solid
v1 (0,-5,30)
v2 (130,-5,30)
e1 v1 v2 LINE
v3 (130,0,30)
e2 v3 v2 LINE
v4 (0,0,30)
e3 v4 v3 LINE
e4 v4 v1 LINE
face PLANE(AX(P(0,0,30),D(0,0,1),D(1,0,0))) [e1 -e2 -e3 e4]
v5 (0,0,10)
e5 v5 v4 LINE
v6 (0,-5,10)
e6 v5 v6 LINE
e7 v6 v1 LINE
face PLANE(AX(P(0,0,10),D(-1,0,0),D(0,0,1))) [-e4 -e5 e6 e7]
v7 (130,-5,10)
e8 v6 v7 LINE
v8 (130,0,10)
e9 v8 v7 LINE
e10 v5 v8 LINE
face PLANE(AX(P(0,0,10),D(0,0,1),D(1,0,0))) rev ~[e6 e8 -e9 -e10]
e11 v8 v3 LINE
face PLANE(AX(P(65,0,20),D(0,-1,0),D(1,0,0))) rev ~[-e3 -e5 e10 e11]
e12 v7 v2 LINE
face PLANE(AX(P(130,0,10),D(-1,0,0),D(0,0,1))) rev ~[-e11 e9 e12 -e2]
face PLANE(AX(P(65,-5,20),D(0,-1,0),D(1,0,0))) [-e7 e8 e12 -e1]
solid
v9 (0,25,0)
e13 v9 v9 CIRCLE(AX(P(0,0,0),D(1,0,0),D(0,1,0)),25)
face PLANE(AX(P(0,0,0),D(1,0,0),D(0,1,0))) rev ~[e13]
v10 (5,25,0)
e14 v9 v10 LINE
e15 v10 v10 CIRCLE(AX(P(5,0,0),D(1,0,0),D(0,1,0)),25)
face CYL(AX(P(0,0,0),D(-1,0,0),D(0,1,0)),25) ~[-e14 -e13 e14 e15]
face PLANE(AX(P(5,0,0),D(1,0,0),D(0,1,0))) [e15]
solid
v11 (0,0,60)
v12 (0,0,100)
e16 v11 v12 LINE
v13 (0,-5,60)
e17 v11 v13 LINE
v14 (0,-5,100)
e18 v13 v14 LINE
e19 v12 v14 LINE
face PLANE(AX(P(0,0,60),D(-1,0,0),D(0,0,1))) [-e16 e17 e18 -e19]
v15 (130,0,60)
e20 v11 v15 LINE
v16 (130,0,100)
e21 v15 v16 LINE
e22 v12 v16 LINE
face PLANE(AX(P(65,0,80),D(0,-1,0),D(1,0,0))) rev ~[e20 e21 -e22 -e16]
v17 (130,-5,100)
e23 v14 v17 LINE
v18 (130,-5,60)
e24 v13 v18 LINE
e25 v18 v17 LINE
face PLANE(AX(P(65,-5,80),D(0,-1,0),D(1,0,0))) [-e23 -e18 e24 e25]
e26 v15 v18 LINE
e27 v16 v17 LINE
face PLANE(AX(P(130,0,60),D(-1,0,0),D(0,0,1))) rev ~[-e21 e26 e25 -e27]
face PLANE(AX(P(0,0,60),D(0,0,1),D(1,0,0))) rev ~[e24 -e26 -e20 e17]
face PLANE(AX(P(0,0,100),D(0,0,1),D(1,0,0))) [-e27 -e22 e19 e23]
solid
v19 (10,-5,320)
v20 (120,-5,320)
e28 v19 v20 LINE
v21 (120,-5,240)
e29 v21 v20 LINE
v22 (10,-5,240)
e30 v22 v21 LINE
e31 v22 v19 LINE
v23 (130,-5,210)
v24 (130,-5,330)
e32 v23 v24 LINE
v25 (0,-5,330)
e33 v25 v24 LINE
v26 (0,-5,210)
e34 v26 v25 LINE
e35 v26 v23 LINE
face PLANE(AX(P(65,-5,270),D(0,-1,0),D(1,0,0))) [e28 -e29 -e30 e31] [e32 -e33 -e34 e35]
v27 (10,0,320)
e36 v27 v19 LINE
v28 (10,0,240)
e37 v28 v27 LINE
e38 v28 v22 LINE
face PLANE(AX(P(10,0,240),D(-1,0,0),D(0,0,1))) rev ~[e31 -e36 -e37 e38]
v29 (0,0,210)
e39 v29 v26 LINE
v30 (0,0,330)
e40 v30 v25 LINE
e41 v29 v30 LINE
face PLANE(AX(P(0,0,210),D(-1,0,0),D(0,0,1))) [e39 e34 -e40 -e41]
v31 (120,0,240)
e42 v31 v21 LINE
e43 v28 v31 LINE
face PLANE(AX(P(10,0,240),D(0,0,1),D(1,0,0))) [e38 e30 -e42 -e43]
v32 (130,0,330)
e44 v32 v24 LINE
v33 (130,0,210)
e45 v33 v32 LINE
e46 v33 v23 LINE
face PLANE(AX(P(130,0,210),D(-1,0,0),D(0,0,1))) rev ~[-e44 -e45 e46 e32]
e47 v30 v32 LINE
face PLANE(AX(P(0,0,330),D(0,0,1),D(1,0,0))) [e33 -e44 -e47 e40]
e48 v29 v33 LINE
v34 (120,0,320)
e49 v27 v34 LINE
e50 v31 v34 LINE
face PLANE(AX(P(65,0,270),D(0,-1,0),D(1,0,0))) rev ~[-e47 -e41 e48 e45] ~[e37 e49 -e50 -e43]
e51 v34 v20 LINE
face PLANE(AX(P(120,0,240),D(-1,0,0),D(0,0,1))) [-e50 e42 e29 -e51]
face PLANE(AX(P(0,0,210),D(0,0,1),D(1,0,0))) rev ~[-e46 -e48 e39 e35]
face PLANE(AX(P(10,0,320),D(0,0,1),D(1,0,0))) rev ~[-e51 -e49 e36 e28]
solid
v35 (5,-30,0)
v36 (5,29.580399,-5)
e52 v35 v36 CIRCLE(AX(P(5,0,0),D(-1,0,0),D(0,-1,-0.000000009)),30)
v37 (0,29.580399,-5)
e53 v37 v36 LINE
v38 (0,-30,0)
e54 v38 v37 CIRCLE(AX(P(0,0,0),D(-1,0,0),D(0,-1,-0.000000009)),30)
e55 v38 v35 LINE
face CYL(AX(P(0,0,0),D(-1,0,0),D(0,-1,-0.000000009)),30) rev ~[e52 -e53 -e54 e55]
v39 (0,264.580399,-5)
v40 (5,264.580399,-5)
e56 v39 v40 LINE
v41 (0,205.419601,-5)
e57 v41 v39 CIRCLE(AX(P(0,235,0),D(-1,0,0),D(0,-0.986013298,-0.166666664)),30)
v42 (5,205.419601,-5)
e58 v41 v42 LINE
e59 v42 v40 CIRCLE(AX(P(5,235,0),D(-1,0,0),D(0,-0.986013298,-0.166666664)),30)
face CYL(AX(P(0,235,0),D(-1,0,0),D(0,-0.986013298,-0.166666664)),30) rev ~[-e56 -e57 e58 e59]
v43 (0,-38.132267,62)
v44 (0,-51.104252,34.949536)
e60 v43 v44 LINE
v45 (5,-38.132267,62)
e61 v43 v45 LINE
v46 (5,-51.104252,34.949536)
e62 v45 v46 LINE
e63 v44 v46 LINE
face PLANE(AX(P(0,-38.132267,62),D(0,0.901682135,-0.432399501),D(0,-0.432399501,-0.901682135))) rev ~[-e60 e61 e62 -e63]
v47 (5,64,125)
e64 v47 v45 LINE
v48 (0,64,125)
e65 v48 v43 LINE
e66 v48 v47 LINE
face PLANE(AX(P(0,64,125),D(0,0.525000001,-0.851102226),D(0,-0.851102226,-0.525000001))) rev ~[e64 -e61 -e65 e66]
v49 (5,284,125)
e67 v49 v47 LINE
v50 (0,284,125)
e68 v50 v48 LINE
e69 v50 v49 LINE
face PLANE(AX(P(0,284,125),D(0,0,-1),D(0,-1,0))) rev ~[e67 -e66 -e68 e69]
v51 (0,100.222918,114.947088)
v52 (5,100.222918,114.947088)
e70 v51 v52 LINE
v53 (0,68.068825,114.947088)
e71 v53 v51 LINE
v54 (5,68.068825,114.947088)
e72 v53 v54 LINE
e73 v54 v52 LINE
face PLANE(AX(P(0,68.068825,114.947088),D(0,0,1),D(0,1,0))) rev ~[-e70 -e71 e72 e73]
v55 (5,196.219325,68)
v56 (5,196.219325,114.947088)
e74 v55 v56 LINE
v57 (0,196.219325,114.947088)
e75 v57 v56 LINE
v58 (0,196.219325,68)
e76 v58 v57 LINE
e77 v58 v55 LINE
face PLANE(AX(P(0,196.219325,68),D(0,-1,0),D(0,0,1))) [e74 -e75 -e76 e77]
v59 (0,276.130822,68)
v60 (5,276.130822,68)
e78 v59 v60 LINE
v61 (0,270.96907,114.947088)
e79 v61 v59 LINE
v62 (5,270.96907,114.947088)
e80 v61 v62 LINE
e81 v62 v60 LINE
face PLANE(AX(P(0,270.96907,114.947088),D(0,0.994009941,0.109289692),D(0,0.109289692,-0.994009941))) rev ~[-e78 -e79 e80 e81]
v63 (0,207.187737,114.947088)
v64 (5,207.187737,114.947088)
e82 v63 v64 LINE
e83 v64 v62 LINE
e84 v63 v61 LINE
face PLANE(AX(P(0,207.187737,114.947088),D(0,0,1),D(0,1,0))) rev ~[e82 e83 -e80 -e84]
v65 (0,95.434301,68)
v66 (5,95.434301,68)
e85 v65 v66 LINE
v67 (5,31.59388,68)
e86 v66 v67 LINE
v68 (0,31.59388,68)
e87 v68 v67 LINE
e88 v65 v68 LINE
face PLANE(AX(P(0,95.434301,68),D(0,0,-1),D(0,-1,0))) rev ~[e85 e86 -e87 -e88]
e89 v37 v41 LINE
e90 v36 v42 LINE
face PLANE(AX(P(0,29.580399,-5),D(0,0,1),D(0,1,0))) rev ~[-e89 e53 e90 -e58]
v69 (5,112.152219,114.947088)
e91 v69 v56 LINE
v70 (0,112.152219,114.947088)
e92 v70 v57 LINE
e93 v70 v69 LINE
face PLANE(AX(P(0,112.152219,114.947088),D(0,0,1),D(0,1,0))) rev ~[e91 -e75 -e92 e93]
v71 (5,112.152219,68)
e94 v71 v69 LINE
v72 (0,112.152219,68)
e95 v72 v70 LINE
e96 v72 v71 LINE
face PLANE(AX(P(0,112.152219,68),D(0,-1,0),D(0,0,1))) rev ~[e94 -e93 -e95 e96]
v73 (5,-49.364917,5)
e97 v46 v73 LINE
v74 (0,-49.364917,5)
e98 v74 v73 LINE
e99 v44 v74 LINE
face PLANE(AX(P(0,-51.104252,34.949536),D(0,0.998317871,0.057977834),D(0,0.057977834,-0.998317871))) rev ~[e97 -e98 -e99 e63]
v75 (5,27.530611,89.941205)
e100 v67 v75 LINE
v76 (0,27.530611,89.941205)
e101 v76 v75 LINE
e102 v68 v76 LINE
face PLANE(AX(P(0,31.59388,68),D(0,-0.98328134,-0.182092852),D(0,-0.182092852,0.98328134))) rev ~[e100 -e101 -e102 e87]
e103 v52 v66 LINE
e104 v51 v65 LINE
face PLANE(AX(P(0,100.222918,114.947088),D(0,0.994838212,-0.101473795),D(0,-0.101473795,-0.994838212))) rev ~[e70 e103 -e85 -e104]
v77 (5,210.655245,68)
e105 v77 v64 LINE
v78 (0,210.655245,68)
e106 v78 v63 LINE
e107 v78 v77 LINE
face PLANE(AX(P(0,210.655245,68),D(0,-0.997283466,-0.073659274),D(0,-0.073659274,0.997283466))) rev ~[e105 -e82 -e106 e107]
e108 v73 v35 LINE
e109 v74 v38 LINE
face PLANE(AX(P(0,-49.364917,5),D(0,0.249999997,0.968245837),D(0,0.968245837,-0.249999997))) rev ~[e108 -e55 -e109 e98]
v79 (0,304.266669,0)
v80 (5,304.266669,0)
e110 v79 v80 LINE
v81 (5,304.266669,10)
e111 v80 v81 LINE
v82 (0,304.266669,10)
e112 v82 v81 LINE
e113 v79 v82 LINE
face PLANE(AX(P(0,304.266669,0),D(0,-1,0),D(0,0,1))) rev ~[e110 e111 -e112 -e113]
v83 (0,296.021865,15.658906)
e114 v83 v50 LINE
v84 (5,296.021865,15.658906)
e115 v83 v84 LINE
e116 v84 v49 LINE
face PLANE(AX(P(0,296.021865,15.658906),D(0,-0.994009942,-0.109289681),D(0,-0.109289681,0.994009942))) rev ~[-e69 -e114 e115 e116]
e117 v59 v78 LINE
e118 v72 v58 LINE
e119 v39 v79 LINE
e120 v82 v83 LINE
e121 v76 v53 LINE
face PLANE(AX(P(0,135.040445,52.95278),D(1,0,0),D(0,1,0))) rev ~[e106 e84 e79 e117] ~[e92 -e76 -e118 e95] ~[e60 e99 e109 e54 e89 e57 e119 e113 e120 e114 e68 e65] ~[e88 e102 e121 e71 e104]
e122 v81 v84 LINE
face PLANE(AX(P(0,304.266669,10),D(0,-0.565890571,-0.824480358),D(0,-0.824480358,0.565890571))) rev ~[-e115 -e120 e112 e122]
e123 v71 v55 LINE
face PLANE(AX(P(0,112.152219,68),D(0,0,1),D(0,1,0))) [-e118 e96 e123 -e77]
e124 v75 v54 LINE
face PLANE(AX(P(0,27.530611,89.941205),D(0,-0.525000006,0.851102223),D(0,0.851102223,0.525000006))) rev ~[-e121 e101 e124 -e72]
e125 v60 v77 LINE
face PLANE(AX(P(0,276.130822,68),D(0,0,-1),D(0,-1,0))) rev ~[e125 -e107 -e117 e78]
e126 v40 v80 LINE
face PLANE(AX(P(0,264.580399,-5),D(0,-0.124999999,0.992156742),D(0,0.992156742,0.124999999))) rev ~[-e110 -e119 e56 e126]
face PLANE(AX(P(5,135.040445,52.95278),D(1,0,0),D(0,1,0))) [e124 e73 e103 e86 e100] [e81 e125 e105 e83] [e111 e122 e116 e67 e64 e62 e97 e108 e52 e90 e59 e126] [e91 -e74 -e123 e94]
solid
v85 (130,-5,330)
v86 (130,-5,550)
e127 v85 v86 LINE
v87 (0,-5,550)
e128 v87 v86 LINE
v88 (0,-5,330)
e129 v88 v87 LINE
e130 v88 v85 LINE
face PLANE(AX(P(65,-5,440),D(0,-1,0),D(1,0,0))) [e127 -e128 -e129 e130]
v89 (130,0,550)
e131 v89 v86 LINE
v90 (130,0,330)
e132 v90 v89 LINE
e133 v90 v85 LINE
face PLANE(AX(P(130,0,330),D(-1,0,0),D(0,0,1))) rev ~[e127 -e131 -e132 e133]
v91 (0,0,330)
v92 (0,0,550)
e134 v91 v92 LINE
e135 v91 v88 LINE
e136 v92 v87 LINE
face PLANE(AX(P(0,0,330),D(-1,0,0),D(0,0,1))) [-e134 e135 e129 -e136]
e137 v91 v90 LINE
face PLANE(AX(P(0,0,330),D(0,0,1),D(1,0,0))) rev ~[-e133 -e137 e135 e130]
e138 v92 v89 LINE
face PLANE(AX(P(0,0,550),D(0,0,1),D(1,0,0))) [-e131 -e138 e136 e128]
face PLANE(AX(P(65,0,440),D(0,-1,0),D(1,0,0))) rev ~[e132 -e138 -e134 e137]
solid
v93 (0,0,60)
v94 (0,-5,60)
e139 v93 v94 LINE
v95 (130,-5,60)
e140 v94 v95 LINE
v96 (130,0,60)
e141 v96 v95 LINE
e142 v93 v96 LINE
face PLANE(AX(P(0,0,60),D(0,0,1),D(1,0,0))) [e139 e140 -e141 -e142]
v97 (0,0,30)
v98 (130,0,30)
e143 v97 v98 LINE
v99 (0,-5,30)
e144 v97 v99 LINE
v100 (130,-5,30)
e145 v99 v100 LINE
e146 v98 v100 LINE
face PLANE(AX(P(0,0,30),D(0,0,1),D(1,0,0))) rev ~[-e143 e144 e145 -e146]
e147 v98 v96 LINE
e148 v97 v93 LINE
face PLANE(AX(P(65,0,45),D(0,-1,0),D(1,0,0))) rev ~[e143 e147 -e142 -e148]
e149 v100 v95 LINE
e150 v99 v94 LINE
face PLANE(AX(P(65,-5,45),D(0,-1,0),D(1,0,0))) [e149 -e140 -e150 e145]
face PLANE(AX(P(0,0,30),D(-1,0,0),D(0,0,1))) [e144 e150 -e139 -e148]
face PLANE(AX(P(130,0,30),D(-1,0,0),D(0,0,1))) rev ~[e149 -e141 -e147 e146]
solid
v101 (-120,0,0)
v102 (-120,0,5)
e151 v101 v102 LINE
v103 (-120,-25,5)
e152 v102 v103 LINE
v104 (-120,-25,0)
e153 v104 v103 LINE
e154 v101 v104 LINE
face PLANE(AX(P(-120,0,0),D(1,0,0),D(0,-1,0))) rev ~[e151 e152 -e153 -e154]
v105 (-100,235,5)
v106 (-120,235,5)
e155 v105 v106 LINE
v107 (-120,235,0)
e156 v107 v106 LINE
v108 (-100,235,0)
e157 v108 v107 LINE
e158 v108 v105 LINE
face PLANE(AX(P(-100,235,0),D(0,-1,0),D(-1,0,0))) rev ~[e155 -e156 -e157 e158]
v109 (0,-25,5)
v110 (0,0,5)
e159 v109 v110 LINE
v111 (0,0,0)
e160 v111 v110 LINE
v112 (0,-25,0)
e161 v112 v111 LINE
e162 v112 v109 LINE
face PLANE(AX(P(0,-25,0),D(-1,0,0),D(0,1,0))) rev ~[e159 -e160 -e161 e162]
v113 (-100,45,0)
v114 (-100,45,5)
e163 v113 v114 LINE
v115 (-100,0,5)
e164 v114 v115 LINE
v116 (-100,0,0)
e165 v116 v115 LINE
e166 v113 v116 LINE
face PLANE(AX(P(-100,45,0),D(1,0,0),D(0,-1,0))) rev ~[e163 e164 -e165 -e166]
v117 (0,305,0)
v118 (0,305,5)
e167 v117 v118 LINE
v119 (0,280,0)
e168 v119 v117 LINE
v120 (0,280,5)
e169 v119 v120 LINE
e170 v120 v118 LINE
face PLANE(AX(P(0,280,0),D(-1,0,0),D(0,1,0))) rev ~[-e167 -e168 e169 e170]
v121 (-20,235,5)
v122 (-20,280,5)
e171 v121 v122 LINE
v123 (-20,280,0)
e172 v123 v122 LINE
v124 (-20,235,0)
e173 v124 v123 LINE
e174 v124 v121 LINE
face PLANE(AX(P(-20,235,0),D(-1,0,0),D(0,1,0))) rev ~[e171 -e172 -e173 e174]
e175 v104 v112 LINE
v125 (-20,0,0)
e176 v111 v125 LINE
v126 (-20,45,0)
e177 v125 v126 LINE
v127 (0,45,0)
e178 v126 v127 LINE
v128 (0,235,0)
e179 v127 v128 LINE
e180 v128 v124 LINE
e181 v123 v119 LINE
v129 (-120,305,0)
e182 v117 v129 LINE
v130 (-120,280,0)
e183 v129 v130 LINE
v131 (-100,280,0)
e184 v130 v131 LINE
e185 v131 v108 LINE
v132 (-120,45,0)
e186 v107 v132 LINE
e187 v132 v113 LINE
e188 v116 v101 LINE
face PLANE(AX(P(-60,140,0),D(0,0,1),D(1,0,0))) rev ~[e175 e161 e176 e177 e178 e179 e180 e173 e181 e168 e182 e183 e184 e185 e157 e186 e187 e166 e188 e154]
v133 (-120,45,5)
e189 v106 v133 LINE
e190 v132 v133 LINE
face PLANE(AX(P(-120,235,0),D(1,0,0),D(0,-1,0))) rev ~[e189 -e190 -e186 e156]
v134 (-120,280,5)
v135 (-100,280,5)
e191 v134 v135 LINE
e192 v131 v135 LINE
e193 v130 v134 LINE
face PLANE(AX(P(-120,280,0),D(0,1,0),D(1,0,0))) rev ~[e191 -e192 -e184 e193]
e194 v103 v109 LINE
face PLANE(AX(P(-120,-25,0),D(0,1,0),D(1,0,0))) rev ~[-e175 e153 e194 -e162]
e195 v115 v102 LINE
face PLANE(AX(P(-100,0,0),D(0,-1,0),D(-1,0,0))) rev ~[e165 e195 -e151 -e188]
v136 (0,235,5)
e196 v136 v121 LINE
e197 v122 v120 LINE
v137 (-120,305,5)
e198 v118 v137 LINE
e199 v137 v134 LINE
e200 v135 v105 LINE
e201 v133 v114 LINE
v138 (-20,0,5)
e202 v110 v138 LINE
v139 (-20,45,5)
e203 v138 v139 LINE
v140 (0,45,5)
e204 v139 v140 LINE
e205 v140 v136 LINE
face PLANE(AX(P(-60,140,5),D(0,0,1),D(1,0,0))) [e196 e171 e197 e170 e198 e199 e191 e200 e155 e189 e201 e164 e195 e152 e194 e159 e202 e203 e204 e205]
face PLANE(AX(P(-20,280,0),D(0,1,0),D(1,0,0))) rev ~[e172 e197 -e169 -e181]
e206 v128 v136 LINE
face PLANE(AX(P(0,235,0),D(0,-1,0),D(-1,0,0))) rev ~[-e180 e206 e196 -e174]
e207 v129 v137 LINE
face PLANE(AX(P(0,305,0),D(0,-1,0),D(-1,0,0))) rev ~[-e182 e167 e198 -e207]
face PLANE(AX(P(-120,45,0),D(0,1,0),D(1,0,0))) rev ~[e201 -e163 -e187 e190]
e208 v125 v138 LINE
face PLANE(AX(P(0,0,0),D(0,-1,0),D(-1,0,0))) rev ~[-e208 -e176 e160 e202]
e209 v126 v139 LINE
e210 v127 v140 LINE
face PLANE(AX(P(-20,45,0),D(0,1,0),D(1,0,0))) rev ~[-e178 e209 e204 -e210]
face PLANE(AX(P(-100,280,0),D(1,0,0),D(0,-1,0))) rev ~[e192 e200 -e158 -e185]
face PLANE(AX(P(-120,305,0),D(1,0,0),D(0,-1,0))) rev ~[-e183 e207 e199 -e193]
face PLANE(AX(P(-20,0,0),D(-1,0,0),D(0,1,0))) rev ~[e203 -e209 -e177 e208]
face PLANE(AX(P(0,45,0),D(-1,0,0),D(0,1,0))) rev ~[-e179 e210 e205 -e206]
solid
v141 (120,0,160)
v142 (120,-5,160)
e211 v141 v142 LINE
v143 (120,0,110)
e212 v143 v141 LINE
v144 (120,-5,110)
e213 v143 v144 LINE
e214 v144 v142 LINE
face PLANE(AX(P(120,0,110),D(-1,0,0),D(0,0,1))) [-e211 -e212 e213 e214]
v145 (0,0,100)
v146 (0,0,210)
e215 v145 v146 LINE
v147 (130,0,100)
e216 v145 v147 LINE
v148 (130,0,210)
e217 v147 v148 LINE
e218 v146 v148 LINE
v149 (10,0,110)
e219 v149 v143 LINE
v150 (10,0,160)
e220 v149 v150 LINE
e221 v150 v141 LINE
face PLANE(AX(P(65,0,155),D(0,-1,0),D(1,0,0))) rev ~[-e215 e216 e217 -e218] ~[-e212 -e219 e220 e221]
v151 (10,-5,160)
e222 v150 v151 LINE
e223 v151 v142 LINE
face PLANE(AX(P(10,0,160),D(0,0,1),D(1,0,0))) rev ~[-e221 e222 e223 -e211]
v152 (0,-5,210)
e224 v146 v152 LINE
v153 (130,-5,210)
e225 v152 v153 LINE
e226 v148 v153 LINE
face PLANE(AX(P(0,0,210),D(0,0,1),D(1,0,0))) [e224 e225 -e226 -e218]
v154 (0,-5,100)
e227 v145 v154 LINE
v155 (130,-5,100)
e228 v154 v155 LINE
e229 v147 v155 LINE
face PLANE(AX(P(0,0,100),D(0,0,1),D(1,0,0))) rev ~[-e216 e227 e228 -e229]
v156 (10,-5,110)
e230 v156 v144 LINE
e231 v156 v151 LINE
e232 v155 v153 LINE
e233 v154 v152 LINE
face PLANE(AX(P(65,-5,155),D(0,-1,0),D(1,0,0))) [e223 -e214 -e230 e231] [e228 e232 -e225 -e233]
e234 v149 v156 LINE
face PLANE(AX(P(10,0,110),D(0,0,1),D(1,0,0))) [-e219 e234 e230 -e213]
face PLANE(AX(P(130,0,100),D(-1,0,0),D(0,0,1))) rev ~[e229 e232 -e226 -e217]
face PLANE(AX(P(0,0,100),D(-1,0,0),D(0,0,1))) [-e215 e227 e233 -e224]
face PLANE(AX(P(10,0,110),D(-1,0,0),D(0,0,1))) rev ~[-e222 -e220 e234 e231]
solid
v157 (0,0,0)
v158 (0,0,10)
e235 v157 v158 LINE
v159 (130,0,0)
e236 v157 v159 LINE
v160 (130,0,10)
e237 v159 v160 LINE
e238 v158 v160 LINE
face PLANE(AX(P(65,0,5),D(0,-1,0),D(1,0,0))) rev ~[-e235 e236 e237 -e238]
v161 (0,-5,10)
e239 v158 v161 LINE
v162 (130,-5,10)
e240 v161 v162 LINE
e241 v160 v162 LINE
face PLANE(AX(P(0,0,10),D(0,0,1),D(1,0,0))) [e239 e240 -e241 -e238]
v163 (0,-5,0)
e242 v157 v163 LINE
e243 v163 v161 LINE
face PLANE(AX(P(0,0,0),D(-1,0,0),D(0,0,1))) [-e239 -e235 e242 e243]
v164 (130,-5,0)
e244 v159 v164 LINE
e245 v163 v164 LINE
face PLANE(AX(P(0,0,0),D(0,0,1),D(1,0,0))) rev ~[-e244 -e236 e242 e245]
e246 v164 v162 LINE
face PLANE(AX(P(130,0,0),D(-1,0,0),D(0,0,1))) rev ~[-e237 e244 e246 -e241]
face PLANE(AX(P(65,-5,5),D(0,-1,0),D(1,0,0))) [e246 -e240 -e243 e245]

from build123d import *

# Parameters (mm, degrees)
F0_R      = 25
F0_W      = 84.067106
F0_H      = 46.947088
F1_DEPTH  = 5
F3_DEPTH  = 5
F4_W      = 130
F4_H      = 220
F5_DEPTH  = 5
F4_H_2    = 120
F4_W_2    = 110
F4_H_3    = 80
F6_DEPTH  = 5
F4_H_4    = 110
F4_H_5    = 50
F7_DEPTH  = 5
F4_H_6    = 40
F8_DEPTH  = 5
F4_H_7    = 30
F9_DEPTH  = 5
F4_H_8    = 20
F10_DEPTH = 5
F4_H_9    = 10
F11_DEPTH = 5


with BuildPart() as f1:
    # F0 (on Right) → F1 (new body)
    with BuildSketch(Plane.YZ):
        Circle(F0_R)
        with BuildLine():
            ThreePointArc((-30, 0), (2.508788, 29.894916), (29.580399, -5))
            Line((29.580399, -5), (205.419601, -5))
            ThreePointArc((205.419601, -5), (235, 30), (264.580399, -5))
            Line((264.580399, -5), (304.266669, 0))
            Line((304.266669, 0), (304.266669, 10))
            Line((304.266669, 10), (296.021865, 15.658906))
            Line((296.021865, 15.658906), (284, 125))
            Line((284, 125), (64, 125))
            Line((64, 125), (-38.132267, 62))
            Line((-38.132267, 62), (-51.104252, 34.949536))
            Line((-51.104252, 34.949536), (-49.364917, 5))
            Line((-49.364917, 5), (-30, 0))
        make_face()
        Polygon((95.434301, 68), (31.59388, 68), (27.530611, 89.941205), (68.068825, 114.947088), (100.222918, 114.947088), align=None, mode=Mode.SUBTRACT)
        with Locations((154.185772, 91.473544)):
            Rectangle(F0_W, F0_H, mode=Mode.SUBTRACT)
        Polygon((270.96907, 114.947088), (276.130822, 68), (210.655245, 68), (207.187737, 114.947088), align=None, mode=Mode.SUBTRACT)
    extrude(amount=F1_DEPTH)


with BuildPart() as f3:
    # F2 (on Top) → F3 (new body)
    with BuildSketch(Plane.XY):
        Polygon((-100, 235), (-120, 235), (-120, 45), (-100, 45), (-100, 0), (-120, 0), (-120, -25), (0, -25), (0, 0), (-20, 0), (-20, 45), (0, 45), (0, 235), (-20, 235), (-20, 280), (0, 280), (0, 305), (-120, 305), (-120, 280), (-100, 280), align=None)
    extrude(amount=F3_DEPTH)


with BuildPart() as f5:
    # F4 (on Front) → F5 (new body)
    with BuildSketch(Plane.XZ):
        with Locations((65, 440)):
            Rectangle(F4_W, F4_H)
    extrude(amount=F5_DEPTH)


with BuildPart() as f6:
    # F4 (on Front) → F6 (new body)
    with BuildSketch(Plane.XZ):
        with Locations((65, 270)):
            Rectangle(F4_W, F4_H_2)
        with Locations((65, 280)):
            Rectangle(F4_W_2, F4_H_3, mode=Mode.SUBTRACT)
    extrude(amount=F6_DEPTH)


with BuildPart() as f7:
    # F4 (on Front) → F7 (new body)
    with BuildSketch(Plane.XZ):
        with Locations((65, 155)):
            Rectangle(F4_W, F4_H_4)
        with Locations((65, 135)):
            Rectangle(F4_W_2, F4_H_5, mode=Mode.SUBTRACT)
    extrude(amount=F7_DEPTH)


with BuildPart() as f8:
    # F4 (on Front) → F8 (new body)
    with BuildSketch(Plane.XZ):
        with Locations((65, 80)):
            Rectangle(F4_W, F4_H_6)
    extrude(amount=F8_DEPTH)


with BuildPart() as f9:
    # F4 (on Front) → F9 (new body)
    with BuildSketch(Plane.XZ):
        with Locations((65, 45)):
            Rectangle(F4_W, F4_H_7)
    extrude(amount=F9_DEPTH)


with BuildPart() as f10:
    # F4 (on Front) → F10 (new body)
    with BuildSketch(Plane.XZ):
        with Locations((65, 20)):
            Rectangle(F4_W, F4_H_8)
    extrude(amount=F10_DEPTH)


with BuildPart() as f11:
    # F4 (on Front) → F11 (new body)
    with BuildSketch(Plane.XZ):
        with Locations((65, 5)):
            Rectangle(F4_W, F4_H_9)
    extrude(amount=F11_DEPTH)


solid = Compound([f1.part, f3.part, f5.part, f6.part, f7.part, f8.part, f9.part, f10.part, f11.part])
